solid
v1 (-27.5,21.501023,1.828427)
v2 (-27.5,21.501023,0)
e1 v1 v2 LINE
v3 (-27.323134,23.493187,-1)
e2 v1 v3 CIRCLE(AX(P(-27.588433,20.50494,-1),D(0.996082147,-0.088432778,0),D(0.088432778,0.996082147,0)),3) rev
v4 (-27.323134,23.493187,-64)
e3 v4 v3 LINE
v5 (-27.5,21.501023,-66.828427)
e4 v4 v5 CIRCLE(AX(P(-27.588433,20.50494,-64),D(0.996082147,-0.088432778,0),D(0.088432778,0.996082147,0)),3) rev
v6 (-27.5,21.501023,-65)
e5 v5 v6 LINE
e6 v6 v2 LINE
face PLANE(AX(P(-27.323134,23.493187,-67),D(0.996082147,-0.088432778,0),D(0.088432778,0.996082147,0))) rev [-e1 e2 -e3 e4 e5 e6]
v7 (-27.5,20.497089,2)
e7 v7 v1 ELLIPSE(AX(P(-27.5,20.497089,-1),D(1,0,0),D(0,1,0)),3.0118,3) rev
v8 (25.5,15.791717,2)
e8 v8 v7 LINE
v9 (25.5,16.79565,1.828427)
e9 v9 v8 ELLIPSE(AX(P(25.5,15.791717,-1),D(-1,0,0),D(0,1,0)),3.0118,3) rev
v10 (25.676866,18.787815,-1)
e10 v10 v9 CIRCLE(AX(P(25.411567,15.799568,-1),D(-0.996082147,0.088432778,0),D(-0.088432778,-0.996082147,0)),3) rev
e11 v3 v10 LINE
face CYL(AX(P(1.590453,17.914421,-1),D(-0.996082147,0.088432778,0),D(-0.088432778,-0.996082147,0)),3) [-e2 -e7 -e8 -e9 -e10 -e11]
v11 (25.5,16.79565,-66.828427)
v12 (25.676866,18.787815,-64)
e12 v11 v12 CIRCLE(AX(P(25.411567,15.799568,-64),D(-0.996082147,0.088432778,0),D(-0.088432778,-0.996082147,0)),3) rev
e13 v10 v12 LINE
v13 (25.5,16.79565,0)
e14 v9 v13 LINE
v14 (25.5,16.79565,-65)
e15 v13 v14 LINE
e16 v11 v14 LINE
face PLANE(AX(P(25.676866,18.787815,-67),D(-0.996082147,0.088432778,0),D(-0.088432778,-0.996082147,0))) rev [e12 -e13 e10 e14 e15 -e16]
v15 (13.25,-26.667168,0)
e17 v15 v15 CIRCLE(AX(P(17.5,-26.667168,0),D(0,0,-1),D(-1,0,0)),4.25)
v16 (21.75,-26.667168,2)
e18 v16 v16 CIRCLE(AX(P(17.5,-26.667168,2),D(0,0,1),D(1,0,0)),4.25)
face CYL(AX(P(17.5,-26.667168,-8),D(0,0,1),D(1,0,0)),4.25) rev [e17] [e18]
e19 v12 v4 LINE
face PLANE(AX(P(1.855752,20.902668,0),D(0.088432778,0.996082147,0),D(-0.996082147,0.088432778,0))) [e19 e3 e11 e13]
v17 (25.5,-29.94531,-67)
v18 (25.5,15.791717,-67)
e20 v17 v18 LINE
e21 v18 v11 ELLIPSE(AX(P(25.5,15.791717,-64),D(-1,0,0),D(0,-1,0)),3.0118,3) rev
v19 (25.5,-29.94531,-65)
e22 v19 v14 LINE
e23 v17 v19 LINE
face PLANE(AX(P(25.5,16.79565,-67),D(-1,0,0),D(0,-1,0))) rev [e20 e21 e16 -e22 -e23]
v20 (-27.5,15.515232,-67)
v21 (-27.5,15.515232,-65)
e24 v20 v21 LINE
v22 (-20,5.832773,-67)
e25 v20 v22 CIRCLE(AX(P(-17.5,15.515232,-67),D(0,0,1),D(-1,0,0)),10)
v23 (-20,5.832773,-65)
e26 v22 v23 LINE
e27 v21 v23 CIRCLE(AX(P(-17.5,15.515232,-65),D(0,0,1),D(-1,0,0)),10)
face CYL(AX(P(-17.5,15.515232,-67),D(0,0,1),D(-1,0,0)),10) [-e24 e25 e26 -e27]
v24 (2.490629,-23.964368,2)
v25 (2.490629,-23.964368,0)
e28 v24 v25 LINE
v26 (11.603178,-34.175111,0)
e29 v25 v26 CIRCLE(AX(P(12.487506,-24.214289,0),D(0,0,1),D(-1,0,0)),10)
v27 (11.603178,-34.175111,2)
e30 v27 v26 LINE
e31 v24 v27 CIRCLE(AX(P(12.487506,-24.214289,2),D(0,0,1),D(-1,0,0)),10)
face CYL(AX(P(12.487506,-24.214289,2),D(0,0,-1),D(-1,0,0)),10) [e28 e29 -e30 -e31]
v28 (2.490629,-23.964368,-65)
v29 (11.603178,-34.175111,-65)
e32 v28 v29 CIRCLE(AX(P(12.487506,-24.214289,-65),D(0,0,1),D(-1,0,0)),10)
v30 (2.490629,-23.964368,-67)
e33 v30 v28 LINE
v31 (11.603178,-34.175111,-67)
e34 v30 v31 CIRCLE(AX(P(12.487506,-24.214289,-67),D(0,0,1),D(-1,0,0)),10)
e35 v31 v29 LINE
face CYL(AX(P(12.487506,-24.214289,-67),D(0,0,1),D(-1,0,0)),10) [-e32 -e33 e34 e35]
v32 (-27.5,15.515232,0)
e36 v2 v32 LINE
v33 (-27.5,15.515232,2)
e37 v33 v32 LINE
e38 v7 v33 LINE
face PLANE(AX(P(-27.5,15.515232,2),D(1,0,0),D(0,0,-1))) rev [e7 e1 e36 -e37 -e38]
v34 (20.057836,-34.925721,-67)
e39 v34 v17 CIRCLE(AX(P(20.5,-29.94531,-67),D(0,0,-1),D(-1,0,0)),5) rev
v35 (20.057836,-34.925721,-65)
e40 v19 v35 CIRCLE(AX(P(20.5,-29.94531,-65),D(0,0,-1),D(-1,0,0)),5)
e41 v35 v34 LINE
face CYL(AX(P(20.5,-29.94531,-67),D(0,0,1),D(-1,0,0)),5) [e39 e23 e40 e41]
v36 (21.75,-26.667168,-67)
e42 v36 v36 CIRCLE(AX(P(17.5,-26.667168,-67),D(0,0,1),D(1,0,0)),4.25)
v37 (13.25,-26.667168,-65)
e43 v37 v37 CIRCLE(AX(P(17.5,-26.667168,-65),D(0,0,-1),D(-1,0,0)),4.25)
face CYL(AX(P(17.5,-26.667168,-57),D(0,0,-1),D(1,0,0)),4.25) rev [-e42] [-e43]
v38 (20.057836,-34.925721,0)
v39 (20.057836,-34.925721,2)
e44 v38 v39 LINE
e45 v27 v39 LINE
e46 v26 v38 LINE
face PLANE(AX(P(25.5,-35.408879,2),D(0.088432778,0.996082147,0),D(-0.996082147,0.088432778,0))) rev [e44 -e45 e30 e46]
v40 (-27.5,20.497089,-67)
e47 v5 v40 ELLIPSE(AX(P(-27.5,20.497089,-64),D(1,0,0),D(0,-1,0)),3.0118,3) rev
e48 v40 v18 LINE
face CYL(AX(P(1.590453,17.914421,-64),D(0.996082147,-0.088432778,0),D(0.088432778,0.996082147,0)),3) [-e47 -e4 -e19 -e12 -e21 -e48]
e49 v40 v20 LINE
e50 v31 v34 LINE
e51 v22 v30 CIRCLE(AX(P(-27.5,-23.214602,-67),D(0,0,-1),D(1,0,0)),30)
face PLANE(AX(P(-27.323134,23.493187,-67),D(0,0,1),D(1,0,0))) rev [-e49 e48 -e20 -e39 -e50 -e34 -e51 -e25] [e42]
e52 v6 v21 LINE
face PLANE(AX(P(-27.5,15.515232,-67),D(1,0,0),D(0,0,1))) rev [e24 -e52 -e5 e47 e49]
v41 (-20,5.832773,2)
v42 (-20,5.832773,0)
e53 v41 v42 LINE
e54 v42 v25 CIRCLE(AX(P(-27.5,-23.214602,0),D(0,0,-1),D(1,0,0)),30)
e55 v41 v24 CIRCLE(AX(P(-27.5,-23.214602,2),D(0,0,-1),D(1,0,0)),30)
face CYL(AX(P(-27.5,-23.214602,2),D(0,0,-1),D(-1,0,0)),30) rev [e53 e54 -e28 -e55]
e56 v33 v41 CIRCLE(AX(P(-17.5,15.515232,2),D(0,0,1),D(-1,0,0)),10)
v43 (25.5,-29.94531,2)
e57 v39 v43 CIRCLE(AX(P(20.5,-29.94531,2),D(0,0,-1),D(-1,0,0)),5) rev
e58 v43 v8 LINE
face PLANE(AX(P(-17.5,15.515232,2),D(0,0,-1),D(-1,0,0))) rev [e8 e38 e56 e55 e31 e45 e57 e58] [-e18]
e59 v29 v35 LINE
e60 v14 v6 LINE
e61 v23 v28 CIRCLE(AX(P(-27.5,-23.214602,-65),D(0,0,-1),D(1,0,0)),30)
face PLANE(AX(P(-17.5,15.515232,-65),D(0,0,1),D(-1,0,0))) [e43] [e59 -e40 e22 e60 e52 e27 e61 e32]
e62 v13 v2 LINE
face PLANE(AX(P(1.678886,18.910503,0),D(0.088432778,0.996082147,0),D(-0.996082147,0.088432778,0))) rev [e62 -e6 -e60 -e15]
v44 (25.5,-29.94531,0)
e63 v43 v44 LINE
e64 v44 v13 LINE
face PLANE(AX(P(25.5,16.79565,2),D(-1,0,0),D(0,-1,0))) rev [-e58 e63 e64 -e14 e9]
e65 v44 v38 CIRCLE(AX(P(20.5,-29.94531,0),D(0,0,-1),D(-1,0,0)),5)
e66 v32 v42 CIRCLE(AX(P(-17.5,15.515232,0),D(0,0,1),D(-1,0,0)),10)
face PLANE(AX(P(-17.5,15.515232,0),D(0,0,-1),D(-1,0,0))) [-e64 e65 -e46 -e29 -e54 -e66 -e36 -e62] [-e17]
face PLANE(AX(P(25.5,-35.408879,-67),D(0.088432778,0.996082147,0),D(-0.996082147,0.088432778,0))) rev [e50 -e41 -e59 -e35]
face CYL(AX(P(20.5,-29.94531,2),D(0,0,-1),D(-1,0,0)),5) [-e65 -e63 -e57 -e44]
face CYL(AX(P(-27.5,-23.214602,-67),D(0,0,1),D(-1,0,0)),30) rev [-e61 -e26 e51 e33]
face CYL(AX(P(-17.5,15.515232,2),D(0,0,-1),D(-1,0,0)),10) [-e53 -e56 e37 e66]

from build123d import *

# Parameters (mm, degrees)
BOSS_EXTRUDE1_DEPTH = 2
FILLET1_R           = 5
SKETCH2_R           = 4.25
CUT_EXTRUDE1_DEPTH  = 10
SKETCH3_W           = 53.20846293
SKETCH3_H           = 69
BOSS_EXTRUDE2_DEPTH = 2
FILLET2_R           = 3


with BuildPart() as part:
    # Sketch1 → Boss-Extrude1 (new body)
    with BuildSketch(Plane.XY):
        with BuildLine():
            Line((-27.5, 15.515231625), (-27.5, 21.501022606))
            Line((-27.5, 21.501022606), (25.5, 16.795650425))
            Line((25.5, 16.795650425), (25.5, -35.408879242))
            Line((25.5, -35.408879242), (11.603178078, -34.175110954))
            ThreePointArc((11.603178078, -34.175110954), (5.026609694, -30.872744893), (2.490629392, -23.964367571))
            ThreePointArc((2.490629392, -23.964367571), (-3.555183787, -5.141257472), (-20, 5.83277326))
            ThreePointArc((-20, 5.83277326), (-25.40569415, 9.391507269), (-27.5, 15.515231625))
        make_face()
    extrude(amount=BOSS_EXTRUDE1_DEPTH)

    # Fillet1
    fillet1_edges = [part.edges().sort_by_distance(p)[0] for p in [
        (25.5, -35.408879242, 1),
    ]]
    fillet(fillet1_edges, radius=FILLET1_R)

    # Sketch2 → Cut-Extrude1 (cut)
    with BuildSketch(Plane.XY.offset(2)):
        with Locations((17.5, -26.667168282)):
            Circle(SKETCH2_R)
    extrude(amount=-CUT_EXTRUDE1_DEPTH, mode=Mode.SUBTRACT)


with BuildPart() as body_2:
    # Mirror3: mirrored copy
    add(part.part.mirror(Plane(origin=(0, 0, -32.5), x_dir=(1, 0, 0), z_dir=(0, 0, -1))))


with BuildPart() as part_1:
    add(part.part)

    add(body_2.part)  # Boss-Extrude2 merges body 2
    # Sketch3 → Boss-Extrude2 (add)
    with BuildSketch(Plane(origin=(1.678885973, 18.910503392, 0), x_dir=(0.9960821471166026, -0.08843277783479815, 0), z_dir=(0.08843277783479815, 0.9960821471166027, 0))):
        with Locations((-2.689422736, 32.5)):
            Rectangle(SKETCH3_W, SKETCH3_H)
    extrude(amount=BOSS_EXTRUDE2_DEPTH)

    # Fillet2
    fillet2_edges = [part_1.edges().sort_by_distance(p)[0] for p in [
        (-0.823134444, 21.140500809, 2),
        (-0.823134444, 21.140500809, -67),
    ]]
    fillet(fillet2_edges, radius=FILLET2_R)


solid = part_1.part
